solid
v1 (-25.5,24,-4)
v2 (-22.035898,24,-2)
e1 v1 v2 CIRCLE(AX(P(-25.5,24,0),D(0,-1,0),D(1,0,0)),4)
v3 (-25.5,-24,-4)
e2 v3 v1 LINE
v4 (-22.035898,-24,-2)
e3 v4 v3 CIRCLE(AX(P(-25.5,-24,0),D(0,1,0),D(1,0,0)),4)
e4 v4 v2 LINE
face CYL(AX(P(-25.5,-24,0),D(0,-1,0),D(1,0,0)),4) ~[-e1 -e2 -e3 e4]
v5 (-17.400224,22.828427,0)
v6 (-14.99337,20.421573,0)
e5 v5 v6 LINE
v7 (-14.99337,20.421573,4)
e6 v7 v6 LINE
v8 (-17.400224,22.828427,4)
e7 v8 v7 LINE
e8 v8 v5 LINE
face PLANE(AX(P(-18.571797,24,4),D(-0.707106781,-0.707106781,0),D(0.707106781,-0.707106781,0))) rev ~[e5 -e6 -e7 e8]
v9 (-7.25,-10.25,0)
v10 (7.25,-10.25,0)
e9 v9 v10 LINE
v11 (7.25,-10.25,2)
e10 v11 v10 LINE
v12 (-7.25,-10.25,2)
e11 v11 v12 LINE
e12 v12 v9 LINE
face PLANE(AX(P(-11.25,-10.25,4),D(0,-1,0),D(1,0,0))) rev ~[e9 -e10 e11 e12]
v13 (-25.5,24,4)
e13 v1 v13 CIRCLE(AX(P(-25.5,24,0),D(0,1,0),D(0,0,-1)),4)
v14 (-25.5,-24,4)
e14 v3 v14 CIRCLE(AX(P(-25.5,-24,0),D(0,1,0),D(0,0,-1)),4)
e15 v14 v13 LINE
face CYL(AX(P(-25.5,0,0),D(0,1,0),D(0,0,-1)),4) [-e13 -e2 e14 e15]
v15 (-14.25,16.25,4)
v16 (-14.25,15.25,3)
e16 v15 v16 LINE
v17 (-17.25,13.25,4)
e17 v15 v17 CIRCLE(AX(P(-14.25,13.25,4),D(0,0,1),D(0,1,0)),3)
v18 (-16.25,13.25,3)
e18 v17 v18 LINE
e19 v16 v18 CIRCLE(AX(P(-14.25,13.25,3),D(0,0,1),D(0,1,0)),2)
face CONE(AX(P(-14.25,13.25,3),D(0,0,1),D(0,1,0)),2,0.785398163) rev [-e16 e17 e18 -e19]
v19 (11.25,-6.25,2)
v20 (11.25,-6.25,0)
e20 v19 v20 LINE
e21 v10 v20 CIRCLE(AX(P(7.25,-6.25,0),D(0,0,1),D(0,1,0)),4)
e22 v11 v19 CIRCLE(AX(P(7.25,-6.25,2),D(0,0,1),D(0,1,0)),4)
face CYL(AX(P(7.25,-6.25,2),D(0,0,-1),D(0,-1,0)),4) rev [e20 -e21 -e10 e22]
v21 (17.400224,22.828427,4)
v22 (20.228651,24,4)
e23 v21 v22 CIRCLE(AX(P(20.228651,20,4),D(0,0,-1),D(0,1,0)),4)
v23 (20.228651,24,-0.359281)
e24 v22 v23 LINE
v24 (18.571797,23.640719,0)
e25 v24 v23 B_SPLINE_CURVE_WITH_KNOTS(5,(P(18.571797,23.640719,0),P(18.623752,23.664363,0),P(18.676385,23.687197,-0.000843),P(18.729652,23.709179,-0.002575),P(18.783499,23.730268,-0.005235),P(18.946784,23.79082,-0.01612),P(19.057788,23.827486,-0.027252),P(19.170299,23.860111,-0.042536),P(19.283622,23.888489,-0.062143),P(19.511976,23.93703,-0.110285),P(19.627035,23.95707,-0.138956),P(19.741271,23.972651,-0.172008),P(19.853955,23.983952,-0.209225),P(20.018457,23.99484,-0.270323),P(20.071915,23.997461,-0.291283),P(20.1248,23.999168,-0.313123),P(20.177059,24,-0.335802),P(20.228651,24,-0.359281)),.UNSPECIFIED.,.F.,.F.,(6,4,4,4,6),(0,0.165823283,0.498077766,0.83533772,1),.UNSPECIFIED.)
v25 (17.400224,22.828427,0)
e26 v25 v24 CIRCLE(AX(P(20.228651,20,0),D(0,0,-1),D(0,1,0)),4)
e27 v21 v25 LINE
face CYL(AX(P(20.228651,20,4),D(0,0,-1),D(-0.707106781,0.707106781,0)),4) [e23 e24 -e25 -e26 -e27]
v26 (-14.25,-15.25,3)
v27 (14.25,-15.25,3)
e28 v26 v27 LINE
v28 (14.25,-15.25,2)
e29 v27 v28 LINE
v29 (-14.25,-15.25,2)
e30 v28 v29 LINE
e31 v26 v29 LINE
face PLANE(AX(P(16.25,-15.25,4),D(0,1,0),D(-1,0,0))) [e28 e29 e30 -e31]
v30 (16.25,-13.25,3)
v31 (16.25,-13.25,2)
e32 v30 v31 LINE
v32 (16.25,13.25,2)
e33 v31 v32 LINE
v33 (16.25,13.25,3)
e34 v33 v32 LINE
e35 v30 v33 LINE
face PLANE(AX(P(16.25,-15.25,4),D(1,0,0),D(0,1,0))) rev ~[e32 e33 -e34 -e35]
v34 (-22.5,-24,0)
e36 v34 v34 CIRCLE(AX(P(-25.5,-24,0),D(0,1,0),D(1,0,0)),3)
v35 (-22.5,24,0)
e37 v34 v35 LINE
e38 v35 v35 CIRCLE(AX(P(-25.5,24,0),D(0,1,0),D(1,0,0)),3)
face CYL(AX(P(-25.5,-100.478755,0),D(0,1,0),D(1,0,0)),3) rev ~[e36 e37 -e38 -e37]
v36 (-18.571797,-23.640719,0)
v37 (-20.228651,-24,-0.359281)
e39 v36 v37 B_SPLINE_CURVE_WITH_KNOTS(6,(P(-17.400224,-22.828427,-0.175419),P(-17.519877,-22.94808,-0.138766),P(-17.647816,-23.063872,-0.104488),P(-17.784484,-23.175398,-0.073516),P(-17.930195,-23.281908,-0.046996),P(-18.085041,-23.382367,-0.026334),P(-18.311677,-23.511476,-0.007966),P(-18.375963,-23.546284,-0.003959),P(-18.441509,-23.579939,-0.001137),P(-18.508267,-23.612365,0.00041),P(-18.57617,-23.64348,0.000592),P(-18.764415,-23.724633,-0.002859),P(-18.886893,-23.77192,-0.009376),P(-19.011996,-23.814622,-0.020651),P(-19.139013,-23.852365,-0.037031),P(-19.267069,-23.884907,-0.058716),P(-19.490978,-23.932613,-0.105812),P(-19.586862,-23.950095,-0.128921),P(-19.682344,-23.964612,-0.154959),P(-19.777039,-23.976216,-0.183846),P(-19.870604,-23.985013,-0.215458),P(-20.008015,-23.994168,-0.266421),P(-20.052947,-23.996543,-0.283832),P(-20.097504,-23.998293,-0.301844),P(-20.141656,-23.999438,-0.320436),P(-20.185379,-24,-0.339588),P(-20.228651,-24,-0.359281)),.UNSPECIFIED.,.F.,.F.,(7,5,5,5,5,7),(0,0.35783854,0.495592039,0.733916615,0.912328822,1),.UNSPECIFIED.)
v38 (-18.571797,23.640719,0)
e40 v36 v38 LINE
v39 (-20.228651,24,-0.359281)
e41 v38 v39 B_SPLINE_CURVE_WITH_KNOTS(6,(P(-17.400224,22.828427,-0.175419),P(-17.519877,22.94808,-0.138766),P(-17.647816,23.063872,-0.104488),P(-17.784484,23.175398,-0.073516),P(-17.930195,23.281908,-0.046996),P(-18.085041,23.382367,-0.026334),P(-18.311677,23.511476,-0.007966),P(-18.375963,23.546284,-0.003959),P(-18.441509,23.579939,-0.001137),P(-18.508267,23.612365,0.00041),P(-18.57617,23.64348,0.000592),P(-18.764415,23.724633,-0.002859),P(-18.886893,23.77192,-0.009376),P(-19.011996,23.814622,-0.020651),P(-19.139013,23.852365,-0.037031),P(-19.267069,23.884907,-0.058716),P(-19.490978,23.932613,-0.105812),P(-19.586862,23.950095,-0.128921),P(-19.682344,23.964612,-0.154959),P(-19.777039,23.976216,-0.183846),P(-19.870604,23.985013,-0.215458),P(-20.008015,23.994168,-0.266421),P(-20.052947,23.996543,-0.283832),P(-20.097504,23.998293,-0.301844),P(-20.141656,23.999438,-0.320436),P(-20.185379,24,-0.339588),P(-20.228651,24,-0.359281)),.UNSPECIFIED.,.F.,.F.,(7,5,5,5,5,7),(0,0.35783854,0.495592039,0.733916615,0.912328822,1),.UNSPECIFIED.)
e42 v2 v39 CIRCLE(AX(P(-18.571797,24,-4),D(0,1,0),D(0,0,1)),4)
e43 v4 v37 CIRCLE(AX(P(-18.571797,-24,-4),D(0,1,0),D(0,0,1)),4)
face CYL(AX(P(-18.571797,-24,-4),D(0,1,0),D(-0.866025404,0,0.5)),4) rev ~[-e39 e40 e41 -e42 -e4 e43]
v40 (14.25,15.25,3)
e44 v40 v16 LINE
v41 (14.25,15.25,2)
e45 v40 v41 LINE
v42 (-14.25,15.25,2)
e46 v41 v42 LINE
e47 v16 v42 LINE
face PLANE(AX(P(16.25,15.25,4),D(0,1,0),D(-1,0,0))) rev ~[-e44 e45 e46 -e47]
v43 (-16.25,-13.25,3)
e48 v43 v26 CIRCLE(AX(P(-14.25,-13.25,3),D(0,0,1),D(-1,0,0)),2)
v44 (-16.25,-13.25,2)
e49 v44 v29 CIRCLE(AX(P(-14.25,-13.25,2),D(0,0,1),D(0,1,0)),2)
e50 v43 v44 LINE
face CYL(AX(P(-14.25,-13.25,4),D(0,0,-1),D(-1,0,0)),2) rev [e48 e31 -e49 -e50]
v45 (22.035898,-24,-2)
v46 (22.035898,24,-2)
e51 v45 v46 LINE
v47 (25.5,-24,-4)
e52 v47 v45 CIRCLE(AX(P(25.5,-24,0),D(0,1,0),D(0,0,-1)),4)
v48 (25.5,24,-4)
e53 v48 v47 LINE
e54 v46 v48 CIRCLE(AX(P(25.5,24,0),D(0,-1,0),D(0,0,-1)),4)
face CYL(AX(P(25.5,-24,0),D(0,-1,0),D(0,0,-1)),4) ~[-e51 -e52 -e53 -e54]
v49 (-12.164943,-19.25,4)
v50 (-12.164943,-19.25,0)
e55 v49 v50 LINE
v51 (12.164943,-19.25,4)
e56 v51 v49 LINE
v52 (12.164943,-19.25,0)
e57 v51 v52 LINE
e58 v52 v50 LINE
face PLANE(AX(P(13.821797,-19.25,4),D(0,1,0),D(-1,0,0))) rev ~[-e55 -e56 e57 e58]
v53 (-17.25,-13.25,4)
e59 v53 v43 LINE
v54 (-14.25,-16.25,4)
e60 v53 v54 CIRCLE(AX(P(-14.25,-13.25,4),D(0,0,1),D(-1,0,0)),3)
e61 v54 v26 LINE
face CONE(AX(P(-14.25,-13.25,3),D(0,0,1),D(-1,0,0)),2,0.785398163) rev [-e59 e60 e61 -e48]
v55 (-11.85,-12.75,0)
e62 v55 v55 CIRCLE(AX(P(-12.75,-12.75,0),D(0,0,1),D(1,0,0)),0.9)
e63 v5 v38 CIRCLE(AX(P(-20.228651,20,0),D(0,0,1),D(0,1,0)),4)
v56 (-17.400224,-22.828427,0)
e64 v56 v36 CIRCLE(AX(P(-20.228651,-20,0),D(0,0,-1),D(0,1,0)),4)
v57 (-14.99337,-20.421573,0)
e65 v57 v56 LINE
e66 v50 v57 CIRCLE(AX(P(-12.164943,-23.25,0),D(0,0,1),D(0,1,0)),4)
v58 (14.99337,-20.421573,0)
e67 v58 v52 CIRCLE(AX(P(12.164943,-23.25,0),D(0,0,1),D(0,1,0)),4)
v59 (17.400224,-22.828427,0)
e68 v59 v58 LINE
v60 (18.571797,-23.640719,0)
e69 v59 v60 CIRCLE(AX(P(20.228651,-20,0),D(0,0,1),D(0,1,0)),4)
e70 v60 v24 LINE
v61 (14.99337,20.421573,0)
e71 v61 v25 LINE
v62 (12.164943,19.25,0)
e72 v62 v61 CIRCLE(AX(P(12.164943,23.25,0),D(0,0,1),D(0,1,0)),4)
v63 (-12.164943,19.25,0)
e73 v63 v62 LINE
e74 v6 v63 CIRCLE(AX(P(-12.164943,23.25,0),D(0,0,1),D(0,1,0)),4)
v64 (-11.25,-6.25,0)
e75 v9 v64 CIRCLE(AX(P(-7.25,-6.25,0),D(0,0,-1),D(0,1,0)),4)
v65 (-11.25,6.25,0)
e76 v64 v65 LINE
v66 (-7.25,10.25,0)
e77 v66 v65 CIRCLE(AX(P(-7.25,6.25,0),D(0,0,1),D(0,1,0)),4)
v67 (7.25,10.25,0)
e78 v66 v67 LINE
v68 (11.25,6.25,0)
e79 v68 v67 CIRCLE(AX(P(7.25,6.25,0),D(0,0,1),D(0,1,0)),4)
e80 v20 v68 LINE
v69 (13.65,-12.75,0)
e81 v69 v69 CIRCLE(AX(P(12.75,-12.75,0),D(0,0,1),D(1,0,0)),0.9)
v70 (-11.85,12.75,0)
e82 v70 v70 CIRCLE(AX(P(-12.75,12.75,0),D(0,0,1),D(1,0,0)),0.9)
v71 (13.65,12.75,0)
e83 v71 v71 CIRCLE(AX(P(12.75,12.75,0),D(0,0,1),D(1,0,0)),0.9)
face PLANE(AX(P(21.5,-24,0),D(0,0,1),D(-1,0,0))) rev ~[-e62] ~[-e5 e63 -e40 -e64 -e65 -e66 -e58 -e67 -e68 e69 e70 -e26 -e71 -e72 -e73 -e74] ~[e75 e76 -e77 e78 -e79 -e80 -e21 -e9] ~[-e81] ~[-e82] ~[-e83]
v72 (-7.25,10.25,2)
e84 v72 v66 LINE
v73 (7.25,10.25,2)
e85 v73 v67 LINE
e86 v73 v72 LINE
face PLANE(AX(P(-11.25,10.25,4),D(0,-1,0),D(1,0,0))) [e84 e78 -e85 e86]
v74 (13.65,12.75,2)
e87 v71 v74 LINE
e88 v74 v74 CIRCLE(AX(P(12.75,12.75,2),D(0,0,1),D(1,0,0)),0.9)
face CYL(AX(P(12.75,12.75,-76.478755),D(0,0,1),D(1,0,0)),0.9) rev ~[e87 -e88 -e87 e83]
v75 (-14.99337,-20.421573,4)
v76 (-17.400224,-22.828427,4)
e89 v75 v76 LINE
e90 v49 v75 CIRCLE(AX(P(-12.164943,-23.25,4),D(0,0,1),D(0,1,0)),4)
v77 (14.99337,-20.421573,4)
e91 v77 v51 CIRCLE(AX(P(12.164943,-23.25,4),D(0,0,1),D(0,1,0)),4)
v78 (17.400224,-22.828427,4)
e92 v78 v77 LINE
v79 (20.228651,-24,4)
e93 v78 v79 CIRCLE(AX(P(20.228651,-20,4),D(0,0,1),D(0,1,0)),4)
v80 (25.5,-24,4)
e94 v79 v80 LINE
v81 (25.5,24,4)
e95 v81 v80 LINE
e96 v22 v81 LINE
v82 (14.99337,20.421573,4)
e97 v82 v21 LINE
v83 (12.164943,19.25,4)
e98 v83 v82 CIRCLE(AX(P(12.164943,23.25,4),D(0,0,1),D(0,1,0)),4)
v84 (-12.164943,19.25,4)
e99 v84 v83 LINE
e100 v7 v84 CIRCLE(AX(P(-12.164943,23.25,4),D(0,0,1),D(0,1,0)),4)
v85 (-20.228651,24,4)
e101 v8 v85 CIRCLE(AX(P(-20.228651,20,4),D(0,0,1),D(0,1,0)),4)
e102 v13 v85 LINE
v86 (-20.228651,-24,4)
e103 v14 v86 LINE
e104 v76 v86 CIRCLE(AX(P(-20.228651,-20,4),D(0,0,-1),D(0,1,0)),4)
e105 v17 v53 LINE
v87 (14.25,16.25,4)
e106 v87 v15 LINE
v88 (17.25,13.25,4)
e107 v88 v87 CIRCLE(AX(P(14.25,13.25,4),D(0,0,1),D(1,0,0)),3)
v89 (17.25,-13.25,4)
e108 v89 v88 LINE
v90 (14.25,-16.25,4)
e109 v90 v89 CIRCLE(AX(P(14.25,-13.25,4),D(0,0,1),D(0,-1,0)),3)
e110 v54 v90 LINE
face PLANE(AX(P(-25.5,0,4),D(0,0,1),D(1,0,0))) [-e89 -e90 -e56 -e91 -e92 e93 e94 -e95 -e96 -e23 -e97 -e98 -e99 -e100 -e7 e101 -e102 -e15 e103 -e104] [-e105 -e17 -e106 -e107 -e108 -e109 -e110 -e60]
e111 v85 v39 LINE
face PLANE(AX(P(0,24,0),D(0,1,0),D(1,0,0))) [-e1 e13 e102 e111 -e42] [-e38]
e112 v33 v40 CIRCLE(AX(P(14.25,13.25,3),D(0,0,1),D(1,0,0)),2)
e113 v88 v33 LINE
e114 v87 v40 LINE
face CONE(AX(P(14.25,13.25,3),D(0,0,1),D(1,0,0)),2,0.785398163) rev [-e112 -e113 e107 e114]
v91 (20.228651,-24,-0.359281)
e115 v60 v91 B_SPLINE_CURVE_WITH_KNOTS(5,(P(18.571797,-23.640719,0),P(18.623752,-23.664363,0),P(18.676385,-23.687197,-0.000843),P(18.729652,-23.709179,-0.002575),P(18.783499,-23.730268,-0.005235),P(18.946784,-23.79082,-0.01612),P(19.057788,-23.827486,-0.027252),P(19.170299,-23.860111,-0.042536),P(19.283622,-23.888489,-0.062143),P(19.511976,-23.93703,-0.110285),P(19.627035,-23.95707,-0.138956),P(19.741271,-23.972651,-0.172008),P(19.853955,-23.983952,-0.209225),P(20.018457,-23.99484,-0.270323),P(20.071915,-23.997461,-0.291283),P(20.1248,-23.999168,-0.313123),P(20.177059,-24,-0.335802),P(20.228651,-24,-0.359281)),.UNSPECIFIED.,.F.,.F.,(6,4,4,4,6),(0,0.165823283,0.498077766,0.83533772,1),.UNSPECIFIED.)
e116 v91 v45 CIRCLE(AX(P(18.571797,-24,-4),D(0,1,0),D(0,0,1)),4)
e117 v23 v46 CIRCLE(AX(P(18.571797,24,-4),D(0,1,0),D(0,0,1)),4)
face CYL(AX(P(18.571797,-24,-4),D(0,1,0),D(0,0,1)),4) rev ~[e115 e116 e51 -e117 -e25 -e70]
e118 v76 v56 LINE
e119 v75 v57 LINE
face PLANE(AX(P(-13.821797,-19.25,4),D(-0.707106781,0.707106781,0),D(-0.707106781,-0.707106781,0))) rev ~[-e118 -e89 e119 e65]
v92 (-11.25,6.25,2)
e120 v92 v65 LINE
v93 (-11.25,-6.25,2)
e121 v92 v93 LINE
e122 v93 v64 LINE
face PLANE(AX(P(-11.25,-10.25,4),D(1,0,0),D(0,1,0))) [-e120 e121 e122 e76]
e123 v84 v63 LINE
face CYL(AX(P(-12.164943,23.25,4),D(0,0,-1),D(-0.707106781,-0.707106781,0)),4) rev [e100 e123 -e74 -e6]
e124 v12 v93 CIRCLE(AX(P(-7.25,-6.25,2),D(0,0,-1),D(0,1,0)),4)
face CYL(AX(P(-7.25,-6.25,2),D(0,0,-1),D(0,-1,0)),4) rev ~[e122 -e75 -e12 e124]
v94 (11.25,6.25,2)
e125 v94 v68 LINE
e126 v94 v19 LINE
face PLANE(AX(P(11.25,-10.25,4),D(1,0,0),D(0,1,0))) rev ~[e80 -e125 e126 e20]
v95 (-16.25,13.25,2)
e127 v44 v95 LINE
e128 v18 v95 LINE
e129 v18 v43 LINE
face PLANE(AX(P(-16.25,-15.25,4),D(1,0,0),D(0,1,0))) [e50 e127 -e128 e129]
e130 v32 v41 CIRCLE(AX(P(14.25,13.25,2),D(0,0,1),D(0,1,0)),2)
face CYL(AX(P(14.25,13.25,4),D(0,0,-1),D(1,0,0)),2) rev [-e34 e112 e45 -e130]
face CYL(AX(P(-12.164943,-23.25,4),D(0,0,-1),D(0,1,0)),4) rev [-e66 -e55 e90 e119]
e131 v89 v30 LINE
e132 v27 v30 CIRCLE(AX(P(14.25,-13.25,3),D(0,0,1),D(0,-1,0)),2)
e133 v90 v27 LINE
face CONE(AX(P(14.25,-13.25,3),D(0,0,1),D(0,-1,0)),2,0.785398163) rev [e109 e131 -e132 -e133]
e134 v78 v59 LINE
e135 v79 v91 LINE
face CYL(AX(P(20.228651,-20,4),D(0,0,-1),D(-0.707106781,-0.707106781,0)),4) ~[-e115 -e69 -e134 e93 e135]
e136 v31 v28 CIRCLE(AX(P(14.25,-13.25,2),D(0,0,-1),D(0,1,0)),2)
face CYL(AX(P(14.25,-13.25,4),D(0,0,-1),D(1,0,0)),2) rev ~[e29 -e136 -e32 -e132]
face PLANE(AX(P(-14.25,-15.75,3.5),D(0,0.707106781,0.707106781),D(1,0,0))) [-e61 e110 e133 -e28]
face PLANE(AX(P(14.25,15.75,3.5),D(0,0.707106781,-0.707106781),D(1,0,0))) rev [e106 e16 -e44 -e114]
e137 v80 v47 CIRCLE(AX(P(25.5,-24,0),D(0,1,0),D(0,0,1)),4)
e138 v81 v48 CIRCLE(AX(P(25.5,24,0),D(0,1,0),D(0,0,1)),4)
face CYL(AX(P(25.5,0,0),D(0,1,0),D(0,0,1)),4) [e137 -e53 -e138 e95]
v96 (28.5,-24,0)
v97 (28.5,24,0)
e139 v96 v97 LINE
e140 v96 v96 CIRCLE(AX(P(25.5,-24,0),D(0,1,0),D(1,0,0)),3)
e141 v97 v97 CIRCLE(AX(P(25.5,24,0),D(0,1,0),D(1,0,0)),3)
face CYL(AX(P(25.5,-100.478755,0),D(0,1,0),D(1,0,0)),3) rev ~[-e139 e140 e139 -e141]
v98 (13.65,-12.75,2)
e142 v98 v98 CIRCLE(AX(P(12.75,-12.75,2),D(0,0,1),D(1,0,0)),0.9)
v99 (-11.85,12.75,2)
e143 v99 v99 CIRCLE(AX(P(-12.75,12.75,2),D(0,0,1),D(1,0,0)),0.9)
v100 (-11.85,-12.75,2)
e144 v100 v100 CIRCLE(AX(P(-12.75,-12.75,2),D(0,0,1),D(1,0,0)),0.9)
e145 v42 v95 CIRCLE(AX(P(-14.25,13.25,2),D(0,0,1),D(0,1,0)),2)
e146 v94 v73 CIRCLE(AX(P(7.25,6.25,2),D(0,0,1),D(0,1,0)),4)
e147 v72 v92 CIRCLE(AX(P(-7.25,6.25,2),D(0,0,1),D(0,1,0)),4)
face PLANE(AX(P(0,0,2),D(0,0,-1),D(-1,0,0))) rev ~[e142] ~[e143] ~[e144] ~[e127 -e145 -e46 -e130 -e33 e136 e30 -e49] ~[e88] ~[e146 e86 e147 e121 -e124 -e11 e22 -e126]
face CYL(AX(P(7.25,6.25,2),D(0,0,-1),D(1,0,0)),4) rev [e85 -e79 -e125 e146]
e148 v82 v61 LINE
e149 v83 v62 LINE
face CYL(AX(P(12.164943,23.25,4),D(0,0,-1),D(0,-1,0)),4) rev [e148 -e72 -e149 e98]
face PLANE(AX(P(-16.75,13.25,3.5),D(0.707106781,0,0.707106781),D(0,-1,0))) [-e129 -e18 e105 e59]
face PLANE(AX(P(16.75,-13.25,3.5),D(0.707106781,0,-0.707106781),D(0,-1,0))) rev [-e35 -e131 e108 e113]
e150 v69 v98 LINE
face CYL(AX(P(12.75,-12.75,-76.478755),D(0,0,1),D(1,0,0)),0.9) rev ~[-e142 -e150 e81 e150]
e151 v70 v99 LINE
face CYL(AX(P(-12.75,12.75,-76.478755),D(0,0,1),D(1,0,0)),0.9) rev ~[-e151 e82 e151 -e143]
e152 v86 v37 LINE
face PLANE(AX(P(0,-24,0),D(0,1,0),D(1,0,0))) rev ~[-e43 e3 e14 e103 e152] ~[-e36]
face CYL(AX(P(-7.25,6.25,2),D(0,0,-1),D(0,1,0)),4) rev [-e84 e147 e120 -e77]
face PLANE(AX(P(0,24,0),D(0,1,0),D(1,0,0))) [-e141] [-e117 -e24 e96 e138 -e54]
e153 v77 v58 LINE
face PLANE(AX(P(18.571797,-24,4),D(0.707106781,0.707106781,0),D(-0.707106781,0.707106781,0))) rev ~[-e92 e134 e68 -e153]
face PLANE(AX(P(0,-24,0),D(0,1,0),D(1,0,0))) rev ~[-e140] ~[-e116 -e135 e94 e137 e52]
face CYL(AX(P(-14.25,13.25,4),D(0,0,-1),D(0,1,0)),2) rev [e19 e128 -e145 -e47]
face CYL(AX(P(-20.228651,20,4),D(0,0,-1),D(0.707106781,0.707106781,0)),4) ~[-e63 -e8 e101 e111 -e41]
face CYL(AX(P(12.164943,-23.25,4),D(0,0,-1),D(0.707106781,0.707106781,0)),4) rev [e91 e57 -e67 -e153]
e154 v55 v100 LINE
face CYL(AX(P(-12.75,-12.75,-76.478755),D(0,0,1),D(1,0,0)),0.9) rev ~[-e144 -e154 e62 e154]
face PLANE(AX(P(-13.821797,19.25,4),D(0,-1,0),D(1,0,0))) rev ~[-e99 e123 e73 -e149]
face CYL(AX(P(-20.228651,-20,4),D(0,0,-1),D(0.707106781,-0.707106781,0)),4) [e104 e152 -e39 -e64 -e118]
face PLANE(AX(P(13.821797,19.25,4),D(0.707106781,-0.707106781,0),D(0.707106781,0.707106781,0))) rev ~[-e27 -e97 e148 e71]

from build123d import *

# Parameters (mm, degrees)
BOSS_EXTRUDE1_DEPTH    = 24
F_6_0MM_DOWEL_HOLE1_D  = 6
SKETCH4_W              = 32.5
SKETCH4_H              = 30.5
CUT_EXTRUDE1_DEPTH     = 2
FILLET1_R              = 2
CUT_EXTRUDE2_DEPTH     = 57.482298112
FILLET2_R              = 4
SKETCH6_W              = 22.5
SKETCH6_H              = 20.5
CUT_EXTRUDE5_DEPTH     = 39.861935104
FILLET3_R              = 4
CUT_EXTRUDE6_DEPTH     = 39.861935104
FILLET4_R              = 4
M1_6_CLEARANCE_HOLE1_D = 1.8
CHAMFER1_SIZE          = 1


with BuildPart() as part:
    # Sketch1 → Boss-Extrude1 (new, symmetric)
    with BuildSketch(Plane(origin=(0, 0, 0), x_dir=(1, 0, 0), z_dir=(0, 1, 0))):
        with BuildLine():
            Line((25.5, 4), (-25.5, 4))
            ThreePointArc((-25.5, 4), (-29.5, 0), (-25.5, -4))
            Line((-25.5, -4), (25.5, -4))
            ThreePointArc((25.5, -4), (29.5, 0), (25.5, 4))
        make_face()
    extrude(amount=BOSS_EXTRUDE1_DEPTH, both=True)

    # Ø6.0mm Dowel Hole1 (through all)
    with Locations(Plane(origin=(0, -24, 0), x_dir=(-1, 0, 0), z_dir=(0, -1, 0))):
        with Locations((25.5, 0), (-25.5, 0)):
            Hole(F_6_0MM_DOWEL_HOLE1_D / 2)

    # Sketch4 → Cut-Extrude1 (cut)
    with BuildSketch(Plane(origin=(0, 0, 4), x_dir=(-1, 0, 0), z_dir=(0, 0, -1))):
        Rectangle(SKETCH4_W, SKETCH4_H)
    extrude(amount=CUT_EXTRUDE1_DEPTH, mode=Mode.SUBTRACT)

    # Fillet1
    fillet1_edges = [part.edges().sort_by_distance(p)[0] for p in [
        (-16.25, 15.25, 3),
        (16.25, 15.25, 3),
        (16.25, -15.25, 3),
        (-16.25, -15.25, 3),
    ]]
    fillet(fillet1_edges, radius=FILLET1_R)

    # Sketch5 → Cut-Extrude2 (cut, through all)
    with BuildSketch(Plane.XZ.offset(24)):
        with BuildLine():
            Line((21.5, 0), (-21.5, 0))
            ThreePointArc((-21.5, 0), (-22.671572875, -2.828427125), (-25.5, -4))
            Line((-25.5, -4), (25.5, -4))
            ThreePointArc((25.5, -4), (22.671572875, -2.828427125), (21.5, 0))
        make_face()
    extrude(amount=-CUT_EXTRUDE2_DEPTH, mode=Mode.SUBTRACT)

    # Fillet2
    fillet2_edges = [part.edges().sort_by_distance(p)[0] for p in [
        (21.5, 0, 0),
        (-21.5, 0, 0),
    ]]
    fillet(fillet2_edges, radius=FILLET2_R)

    # Sketch6 → Cut-Extrude5 (cut, through all)
    with BuildSketch(Plane.XY.offset(4)):
        Rectangle(SKETCH6_W, SKETCH6_H)
    extrude(amount=-CUT_EXTRUDE5_DEPTH, mode=Mode.SUBTRACT)

    # Fillet3
    fillet3_edges = [part.edges().sort_by_distance(p)[0] for p in [
        (11.25, -10.25, 1),
        (-11.25, -10.25, 1),
        (-11.25, 10.25, 1),
        (11.25, 10.25, 1),
    ]]
    fillet(fillet3_edges, radius=FILLET3_R)

    # Sketch7 → Cut-Extrude6 (cut, through all)
    with BuildSketch(Plane.XY.offset(4)):
        Polygon((18.57179677, 24), (-18.57179677, 24), (-13.82179677, 19.25), (13.82179677, 19.25), align=None)
        Polygon((-18.57179677, -24), (18.57179677, -24), (13.82179677, -19.25), (-13.82179677, -19.25), align=None)
    extrude(amount=-CUT_EXTRUDE6_DEPTH, mode=Mode.SUBTRACT)

    # Fillet4
    fillet4_edges = [part.edges().sort_by_distance(p)[0] for p in [
        (18.57179677, 24, 2),
        (13.82179677, 19.25, 2),
        (-13.82179677, 19.25, 2),
        (-18.57179677, 24, 2),
        (-18.57179677, -24, 2),
        (-13.82179677, -19.25, 2),
        (13.82179677, -19.25, 2),
        (18.57179677, -24, 2),
    ]]
    fillet(fillet4_edges, radius=FILLET4_R)

    # M1.6 Clearance Hole1 (through all)
    with Locations(Plane(origin=(0, 0, 0), x_dir=(-1, 0, 0), z_dir=(0, 0, -1))):
        with Locations((12.75, 12.75), (-12.75, 12.75), (-12.75, -12.75), (12.75, -12.75)):
            Hole(M1_6_CLEARANCE_HOLE1_D / 2)

    # Chamfer1
    chamfer1_edges = [part.edges().sort_by_distance(p)[0] for p in [
        (16.25, 0, 4),
        (0, -15.25, 4),
        (-16.25, 0, 4),
        (0, 15.25, 4),
        (15.664213562, -14.664213562, 4),
        (-15.664213562, 14.664213562, 4),
        (15.664213562, 14.664213562, 4),
        (-15.664213562, -14.664213562, 4),
    ]]
    chamfer(chamfer1_edges, length=CHAMFER1_SIZE)


solid = part.part
